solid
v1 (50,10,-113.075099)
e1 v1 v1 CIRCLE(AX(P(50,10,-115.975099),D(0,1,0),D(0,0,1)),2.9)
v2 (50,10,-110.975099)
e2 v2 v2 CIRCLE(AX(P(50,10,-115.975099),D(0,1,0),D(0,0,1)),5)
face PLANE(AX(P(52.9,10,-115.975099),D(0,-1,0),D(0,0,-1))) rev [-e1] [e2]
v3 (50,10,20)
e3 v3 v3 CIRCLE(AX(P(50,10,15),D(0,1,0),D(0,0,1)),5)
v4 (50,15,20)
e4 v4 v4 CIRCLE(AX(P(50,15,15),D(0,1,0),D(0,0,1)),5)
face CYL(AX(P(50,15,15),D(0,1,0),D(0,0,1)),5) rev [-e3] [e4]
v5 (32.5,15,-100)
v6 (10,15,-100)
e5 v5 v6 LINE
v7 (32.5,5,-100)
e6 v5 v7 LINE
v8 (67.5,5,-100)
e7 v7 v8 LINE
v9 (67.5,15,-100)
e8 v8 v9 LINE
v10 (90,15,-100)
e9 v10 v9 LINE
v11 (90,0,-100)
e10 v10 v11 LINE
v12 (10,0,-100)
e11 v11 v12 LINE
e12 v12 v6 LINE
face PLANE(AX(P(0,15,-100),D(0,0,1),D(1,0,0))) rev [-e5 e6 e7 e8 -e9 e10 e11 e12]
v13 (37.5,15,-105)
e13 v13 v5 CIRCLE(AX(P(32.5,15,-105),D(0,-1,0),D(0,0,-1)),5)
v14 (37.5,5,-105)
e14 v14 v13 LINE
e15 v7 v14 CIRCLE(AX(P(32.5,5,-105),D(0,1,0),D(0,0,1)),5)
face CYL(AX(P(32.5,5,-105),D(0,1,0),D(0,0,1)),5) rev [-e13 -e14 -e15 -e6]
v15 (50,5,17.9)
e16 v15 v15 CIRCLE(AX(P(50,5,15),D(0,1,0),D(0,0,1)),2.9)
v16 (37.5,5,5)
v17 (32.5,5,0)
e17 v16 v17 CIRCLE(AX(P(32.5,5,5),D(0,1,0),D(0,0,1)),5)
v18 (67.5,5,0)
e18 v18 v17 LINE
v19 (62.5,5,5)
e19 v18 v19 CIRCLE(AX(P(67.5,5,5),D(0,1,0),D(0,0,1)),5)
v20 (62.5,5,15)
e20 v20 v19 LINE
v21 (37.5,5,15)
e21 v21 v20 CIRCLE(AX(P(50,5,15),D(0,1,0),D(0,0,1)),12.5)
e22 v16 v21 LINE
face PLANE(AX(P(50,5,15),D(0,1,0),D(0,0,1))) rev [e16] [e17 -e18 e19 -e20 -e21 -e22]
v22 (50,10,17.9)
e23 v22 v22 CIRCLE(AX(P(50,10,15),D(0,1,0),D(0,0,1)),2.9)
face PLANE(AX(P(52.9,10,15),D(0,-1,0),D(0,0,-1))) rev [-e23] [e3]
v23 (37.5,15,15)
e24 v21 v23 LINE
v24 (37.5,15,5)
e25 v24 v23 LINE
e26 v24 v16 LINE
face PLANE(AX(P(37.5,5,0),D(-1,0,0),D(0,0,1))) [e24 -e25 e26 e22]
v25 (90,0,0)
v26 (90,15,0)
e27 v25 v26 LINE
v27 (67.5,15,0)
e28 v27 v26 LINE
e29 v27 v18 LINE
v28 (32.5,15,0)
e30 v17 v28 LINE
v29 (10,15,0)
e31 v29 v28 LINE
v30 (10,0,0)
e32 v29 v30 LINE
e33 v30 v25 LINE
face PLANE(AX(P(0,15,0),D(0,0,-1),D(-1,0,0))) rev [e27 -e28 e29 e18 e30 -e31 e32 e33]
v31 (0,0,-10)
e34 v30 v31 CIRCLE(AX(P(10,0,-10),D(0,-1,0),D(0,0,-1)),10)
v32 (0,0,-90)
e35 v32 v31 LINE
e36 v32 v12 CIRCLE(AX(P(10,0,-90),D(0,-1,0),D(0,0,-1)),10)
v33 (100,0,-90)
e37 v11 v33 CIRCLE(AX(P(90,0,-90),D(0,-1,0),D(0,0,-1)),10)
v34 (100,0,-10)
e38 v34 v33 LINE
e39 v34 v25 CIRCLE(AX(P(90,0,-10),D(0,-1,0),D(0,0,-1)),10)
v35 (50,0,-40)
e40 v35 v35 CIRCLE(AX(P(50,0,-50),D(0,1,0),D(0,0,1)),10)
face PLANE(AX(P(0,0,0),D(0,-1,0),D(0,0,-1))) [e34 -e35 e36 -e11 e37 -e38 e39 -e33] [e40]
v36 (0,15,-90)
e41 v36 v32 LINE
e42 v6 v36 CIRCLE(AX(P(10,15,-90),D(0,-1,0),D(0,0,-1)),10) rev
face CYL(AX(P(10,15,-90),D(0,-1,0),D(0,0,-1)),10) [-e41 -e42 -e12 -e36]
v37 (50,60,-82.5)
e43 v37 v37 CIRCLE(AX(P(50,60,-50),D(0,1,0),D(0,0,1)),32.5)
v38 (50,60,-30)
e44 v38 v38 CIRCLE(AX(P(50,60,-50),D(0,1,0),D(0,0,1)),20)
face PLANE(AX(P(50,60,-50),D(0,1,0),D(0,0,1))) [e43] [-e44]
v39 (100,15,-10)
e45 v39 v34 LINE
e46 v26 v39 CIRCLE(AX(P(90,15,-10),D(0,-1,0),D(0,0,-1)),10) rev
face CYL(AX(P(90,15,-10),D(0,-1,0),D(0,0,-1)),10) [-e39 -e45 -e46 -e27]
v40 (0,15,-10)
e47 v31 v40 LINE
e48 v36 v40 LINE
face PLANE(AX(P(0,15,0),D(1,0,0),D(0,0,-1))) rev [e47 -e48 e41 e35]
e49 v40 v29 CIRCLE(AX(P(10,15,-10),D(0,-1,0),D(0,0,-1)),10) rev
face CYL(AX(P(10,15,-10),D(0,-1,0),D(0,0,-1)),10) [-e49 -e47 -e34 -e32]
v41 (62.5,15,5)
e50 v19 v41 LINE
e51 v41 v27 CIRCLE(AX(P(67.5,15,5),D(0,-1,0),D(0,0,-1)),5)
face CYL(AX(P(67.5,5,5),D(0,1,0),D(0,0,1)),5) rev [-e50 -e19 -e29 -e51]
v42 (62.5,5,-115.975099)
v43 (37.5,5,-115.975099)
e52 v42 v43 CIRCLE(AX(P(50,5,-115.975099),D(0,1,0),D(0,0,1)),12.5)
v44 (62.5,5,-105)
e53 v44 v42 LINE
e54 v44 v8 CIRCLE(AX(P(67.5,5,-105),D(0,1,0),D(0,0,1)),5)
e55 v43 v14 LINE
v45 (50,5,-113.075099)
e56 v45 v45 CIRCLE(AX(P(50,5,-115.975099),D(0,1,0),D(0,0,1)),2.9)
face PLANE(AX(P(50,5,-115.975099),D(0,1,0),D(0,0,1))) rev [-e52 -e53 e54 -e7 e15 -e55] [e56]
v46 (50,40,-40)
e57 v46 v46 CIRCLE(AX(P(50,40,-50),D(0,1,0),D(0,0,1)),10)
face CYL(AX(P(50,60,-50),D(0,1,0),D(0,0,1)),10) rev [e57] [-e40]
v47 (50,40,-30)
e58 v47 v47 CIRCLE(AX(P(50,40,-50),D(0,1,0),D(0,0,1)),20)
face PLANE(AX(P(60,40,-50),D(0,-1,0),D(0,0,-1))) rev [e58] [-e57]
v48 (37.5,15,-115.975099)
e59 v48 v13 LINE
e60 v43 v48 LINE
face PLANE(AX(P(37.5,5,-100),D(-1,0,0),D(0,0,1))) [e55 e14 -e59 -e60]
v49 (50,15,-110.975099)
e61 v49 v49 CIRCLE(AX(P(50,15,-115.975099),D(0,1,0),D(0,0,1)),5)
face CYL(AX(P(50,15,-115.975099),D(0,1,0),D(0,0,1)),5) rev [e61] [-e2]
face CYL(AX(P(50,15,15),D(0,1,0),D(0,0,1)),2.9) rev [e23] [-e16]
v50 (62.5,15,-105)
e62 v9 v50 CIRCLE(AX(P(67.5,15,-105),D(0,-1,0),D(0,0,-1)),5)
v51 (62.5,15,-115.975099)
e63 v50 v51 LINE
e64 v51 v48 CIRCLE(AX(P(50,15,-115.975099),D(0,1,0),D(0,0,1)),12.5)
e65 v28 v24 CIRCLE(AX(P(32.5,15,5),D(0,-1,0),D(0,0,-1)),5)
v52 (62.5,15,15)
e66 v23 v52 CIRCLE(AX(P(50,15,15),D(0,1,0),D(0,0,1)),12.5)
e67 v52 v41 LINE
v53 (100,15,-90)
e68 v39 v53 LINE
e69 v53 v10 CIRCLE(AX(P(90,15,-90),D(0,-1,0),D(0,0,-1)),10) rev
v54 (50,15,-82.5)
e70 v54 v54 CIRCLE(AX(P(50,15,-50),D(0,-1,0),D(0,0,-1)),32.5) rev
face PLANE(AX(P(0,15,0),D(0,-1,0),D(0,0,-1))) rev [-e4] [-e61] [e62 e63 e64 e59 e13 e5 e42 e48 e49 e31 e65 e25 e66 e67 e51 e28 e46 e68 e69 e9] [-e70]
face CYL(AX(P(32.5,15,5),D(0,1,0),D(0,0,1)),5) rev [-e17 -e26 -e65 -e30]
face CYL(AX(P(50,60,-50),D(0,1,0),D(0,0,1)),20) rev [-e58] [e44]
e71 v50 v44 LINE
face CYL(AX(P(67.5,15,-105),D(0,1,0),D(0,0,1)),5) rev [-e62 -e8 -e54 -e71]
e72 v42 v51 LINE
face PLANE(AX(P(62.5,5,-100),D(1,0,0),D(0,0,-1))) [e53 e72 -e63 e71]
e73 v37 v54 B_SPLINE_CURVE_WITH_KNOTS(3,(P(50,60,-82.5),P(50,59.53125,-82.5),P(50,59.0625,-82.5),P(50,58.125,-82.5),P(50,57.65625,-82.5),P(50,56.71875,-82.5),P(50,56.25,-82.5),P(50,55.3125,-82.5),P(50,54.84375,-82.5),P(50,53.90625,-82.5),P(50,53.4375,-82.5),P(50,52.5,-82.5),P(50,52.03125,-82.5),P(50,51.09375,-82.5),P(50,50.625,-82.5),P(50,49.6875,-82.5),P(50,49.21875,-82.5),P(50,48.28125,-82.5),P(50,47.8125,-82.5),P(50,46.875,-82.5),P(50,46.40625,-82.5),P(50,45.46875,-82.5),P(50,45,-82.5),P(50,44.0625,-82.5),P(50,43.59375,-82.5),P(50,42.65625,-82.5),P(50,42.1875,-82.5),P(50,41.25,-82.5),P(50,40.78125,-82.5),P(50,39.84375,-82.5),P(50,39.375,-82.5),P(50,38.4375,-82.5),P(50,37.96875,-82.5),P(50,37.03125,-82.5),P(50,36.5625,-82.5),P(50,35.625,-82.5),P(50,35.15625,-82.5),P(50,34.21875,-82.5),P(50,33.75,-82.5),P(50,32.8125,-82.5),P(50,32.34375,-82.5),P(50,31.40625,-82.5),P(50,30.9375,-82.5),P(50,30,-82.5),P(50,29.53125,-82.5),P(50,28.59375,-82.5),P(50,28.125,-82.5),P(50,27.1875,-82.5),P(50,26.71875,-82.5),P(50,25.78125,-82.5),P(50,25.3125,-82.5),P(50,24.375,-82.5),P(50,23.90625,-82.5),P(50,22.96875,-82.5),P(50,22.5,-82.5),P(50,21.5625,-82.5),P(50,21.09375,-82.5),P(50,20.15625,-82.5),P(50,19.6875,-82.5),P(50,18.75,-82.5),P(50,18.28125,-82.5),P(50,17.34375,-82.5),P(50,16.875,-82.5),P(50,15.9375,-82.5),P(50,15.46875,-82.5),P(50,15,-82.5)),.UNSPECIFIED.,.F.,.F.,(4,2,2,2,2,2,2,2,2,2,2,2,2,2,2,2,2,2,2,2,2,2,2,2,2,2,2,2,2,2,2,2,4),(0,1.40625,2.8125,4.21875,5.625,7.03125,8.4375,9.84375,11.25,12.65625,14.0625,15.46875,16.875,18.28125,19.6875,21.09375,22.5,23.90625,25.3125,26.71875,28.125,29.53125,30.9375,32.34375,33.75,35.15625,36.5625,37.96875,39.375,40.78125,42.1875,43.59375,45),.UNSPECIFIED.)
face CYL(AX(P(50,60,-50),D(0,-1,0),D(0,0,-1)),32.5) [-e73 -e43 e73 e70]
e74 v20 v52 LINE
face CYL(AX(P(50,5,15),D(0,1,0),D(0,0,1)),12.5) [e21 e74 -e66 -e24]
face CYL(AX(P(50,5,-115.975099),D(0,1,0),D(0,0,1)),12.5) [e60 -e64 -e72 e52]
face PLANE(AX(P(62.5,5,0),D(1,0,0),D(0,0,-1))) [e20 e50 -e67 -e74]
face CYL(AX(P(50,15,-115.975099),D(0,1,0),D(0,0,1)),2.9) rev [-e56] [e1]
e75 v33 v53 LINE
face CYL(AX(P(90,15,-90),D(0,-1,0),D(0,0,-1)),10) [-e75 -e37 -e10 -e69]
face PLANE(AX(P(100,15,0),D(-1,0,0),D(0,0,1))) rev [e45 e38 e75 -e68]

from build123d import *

# Parameters (mm, degrees)
SKETCH1_W                                = 100
SKETCH1_H                                = 100
BOSS_EXTRUDE1_DEPTH                      = 15
BOSS_EXTRUDE2_DEPTH                      = 10
CBORE_FOR_M5_HEX_HEAD_BOLT2_D            = 5.8
CBORE_FOR_M5_HEX_HEAD_BOLT2_CBORE_D      = 10
CBORE_FOR_M5_HEX_HEAD_BOLT2_CBORE_DEPTH  = 5
FILLET1_R                                = 5
FILLET2_R                                = 10
SKETCH11_R                               = 32.5
BOSS_EXTRUDE3_DEPTH                      = 45
CBORE_FOR_M36_HEX_HEAD_BOLT2_D           = 20
CBORE_FOR_M36_HEX_HEAD_BOLT2_CBORE_D     = 40
CBORE_FOR_M36_HEX_HEAD_BOLT2_CBORE_DEPTH = 20


with BuildPart() as part:
    # Sketch1 → Boss-Extrude1 (new body)
    with BuildSketch(Plane(origin=(0, 0, 0), x_dir=(1, 0, 0), z_dir=(0, 1, 0))):
        with Locations((50, 50)):
            Rectangle(SKETCH1_W, SKETCH1_H)
    extrude(amount=BOSS_EXTRUDE1_DEPTH)

    # Sketch3 → Boss-Extrude2 (add)
    with BuildSketch(Plane(origin=(0, 15, 0), x_dir=(1, 0, 0), z_dir=(0, 1, 0))):
        with BuildLine():
            Line((37.5, 100), (37.5, 115.975098948))
            ThreePointArc((37.5, 115.975098948), (50, 128.475098948), (62.5, 115.975098948))
            Line((62.5, 115.975098948), (62.5, 100))
            Line((62.5, 100), (37.5, 100))
        make_face()
        with BuildLine():
            Line((62.5, 0), (62.5, -15))
            ThreePointArc((62.5, -15), (50, -27.5), (37.5, -15))
            Line((37.5, -15), (37.5, 0))
            Line((37.5, 0), (62.5, 0))
        make_face()
    extrude(amount=-BOSS_EXTRUDE2_DEPTH)

    # CBORE for M5 Hex Head Bolt2 (through all)
    with Locations(Plane(origin=(0, 15, 0), x_dir=(1, 0, 0), z_dir=(0, 1, 0))):
        with Locations((50, 115.975098948), (50, -15)):
            CounterBoreHole(CBORE_FOR_M5_HEX_HEAD_BOLT2_D / 2, CBORE_FOR_M5_HEX_HEAD_BOLT2_CBORE_D / 2, CBORE_FOR_M5_HEX_HEAD_BOLT2_CBORE_DEPTH)

    # Fillet1
    fillet1_edges = [part.edges().sort_by_distance(p)[0] for p in [
        (62.5, 10, -100),
        (37.5, 10, -100),
        (37.5, 10, 0),
        (62.5, 10, 0),
    ]]
    fillet(fillet1_edges, radius=FILLET1_R)

    # Fillet2
    fillet2_edges = [part.edges().sort_by_distance(p)[0] for p in [
        (0, 7.5, -100),
        (100, 7.5, -100),
        (100, 7.5, 0),
        (0, 7.5, 0),
    ]]
    fillet(fillet2_edges, radius=FILLET2_R)

    # Sketch11 → Boss-Extrude3 (add)
    with BuildSketch(Plane(origin=(0, 15, 0), x_dir=(1, 0, 0), z_dir=(0, 1, 0))):
        with Locations(Location((50, 50, 0), (0, 0, 90))):
            Circle(SKETCH11_R)
    extrude(amount=BOSS_EXTRUDE3_DEPTH)

    # CBORE for M36 Hex Head Bolt2 (through all)
    with Locations(Plane(origin=(0, 60, 0), x_dir=(1, 0, 0), z_dir=(0, 1, 0))):
        with Locations((50, 50)):
            CounterBoreHole(CBORE_FOR_M36_HEX_HEAD_BOLT2_D / 2, CBORE_FOR_M36_HEX_HEAD_BOLT2_CBORE_D / 2, CBORE_FOR_M36_HEX_HEAD_BOLT2_CBORE_DEPTH)


solid = part.part
